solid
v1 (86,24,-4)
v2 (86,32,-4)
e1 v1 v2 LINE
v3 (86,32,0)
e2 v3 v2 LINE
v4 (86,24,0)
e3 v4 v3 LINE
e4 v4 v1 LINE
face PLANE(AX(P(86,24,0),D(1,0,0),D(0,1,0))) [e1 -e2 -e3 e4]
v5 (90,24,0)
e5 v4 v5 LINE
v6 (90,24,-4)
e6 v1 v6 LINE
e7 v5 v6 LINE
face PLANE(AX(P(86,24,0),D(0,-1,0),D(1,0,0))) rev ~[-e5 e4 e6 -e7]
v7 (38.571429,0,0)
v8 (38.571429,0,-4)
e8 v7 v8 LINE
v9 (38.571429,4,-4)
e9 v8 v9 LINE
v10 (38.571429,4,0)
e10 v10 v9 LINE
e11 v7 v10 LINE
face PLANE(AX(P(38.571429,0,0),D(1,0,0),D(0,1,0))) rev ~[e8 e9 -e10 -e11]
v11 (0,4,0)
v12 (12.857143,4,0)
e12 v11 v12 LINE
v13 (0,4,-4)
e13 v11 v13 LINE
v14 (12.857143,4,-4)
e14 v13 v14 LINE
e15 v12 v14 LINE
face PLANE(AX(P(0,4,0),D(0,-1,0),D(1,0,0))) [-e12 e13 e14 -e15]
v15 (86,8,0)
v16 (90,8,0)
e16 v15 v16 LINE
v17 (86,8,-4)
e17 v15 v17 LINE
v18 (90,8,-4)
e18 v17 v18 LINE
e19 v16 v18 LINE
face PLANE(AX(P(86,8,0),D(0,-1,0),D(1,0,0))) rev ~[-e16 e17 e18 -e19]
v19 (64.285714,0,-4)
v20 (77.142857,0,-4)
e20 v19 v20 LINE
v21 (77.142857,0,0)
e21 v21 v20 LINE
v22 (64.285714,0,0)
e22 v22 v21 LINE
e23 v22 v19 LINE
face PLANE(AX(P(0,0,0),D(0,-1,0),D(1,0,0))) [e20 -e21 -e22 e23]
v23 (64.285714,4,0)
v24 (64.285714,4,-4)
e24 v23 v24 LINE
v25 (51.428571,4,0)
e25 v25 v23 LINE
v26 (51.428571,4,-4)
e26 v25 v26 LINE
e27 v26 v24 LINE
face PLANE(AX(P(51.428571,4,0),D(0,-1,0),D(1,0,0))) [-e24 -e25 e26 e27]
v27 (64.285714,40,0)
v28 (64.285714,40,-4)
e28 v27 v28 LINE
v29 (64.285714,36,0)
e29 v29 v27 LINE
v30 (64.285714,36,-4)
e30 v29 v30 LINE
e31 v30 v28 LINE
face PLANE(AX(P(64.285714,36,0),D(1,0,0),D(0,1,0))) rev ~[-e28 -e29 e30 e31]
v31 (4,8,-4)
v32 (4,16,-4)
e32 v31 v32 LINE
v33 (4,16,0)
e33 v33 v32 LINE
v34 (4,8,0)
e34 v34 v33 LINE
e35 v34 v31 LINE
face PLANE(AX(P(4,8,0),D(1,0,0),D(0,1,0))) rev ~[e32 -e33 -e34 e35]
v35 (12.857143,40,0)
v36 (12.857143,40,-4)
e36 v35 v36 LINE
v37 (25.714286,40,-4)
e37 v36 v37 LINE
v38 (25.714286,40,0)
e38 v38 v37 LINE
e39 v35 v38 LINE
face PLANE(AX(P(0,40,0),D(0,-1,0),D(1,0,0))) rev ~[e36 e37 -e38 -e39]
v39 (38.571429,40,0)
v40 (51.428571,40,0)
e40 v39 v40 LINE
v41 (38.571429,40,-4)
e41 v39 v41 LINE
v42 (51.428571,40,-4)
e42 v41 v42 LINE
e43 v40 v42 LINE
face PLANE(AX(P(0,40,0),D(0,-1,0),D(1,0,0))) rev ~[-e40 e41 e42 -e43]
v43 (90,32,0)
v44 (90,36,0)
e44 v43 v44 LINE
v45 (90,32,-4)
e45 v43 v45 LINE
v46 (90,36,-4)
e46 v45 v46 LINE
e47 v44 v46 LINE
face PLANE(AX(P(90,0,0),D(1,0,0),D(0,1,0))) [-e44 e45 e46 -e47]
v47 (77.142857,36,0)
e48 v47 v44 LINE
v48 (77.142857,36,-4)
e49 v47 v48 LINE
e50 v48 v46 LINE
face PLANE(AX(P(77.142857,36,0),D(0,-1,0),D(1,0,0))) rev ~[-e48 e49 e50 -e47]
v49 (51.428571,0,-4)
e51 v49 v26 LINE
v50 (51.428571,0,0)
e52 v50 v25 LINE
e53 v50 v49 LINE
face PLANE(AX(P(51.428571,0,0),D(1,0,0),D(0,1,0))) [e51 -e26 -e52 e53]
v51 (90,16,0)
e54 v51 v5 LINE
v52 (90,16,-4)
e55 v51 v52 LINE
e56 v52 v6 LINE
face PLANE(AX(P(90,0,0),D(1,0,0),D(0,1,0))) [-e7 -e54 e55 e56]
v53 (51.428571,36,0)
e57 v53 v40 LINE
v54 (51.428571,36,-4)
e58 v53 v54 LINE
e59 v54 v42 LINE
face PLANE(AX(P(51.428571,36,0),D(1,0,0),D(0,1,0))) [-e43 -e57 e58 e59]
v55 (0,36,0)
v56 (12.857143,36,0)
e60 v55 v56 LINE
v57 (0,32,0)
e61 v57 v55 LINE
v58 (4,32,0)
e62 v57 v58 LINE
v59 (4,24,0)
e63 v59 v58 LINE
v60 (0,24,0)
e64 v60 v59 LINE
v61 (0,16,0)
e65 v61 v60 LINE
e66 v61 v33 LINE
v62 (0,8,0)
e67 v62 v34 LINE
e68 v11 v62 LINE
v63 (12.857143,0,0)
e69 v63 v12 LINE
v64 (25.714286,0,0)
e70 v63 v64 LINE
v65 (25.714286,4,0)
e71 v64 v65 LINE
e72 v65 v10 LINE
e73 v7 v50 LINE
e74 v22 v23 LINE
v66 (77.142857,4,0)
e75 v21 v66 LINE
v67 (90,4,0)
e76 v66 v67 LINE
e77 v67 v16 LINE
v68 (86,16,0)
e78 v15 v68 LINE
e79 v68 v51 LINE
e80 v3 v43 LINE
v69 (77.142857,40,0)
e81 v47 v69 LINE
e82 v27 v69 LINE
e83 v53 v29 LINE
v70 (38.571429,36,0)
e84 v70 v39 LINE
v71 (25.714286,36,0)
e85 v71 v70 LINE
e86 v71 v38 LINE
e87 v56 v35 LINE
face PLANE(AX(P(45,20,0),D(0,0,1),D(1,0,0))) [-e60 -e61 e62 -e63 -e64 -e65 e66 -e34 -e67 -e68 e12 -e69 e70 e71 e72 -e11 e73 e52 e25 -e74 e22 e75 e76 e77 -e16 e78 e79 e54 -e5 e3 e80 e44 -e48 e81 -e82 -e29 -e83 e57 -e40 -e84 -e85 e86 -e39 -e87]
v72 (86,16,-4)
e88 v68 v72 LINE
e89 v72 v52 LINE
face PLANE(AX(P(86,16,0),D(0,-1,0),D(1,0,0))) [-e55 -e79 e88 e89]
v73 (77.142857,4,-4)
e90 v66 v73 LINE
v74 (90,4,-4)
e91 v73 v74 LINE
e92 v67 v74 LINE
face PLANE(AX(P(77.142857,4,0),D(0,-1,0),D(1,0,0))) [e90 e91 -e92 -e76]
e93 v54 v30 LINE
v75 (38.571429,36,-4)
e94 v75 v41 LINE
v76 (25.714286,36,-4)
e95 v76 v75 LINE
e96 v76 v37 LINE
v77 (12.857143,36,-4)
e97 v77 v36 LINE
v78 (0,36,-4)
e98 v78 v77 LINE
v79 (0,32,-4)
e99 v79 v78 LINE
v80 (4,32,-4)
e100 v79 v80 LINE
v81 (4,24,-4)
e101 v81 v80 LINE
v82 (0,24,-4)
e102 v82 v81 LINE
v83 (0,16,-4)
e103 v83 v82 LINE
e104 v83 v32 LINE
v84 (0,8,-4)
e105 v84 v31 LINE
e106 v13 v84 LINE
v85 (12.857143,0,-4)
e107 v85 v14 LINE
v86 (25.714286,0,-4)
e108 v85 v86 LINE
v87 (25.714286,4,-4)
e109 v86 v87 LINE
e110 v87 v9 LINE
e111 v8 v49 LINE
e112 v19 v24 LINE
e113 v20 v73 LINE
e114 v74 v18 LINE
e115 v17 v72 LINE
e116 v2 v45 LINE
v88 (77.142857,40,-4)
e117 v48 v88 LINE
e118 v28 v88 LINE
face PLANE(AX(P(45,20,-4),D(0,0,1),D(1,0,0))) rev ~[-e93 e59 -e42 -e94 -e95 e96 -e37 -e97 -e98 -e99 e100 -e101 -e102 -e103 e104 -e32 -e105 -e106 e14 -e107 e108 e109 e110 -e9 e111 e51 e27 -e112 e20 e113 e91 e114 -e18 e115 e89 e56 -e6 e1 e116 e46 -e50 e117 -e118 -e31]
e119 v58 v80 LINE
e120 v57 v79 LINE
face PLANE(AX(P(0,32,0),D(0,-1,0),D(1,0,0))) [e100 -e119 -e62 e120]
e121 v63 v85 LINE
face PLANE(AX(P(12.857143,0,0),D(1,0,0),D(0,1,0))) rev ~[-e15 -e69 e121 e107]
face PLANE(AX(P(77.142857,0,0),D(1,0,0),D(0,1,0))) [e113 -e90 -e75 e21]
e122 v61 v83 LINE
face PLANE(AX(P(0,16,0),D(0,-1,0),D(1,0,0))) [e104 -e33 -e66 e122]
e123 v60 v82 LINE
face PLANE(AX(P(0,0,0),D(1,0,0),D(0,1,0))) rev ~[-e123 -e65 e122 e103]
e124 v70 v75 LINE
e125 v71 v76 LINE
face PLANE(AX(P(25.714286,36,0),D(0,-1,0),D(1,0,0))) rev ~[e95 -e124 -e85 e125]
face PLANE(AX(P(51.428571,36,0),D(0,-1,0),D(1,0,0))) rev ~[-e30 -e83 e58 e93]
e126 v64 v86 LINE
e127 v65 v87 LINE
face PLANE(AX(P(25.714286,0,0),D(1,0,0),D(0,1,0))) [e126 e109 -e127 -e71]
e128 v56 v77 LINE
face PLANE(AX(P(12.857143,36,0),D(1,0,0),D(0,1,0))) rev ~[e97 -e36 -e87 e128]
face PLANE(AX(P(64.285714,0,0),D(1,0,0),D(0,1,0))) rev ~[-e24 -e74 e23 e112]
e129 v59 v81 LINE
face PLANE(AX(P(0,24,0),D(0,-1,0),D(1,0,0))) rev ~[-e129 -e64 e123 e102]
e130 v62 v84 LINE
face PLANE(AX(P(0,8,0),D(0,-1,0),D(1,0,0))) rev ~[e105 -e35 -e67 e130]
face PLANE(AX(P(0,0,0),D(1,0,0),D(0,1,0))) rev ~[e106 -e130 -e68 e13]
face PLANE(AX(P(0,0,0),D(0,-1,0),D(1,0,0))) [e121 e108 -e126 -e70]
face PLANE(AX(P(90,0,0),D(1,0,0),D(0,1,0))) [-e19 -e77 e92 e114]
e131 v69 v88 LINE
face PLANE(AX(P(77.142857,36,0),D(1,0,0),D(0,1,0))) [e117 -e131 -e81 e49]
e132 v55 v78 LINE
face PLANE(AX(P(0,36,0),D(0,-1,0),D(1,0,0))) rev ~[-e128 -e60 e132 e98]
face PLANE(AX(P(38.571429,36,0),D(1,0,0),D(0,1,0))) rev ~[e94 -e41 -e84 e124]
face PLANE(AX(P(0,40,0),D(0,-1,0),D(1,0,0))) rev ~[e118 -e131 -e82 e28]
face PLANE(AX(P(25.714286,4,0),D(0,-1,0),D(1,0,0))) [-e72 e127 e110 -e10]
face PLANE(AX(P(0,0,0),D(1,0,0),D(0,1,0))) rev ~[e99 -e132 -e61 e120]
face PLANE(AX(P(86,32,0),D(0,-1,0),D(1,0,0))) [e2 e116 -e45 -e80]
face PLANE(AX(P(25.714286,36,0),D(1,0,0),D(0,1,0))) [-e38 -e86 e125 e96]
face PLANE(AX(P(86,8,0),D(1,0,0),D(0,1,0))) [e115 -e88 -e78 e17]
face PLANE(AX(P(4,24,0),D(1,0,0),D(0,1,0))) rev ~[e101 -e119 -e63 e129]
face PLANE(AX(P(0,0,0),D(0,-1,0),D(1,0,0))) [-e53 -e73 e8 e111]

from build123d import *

# Parameters (mm, degrees)
BUITENAFMETING_RECHTHOEK_W  = 90
BUITENAFMETING_RECHTHOEK_H  = 40
PLAAT_DEPTH                 = 4
TAND_HOR_W                  = 12.857142857
TAND_HOR_H                  = 4
TAND_BOVEN_DEPTH            = 5
TANDEN_PATROON_BOVEN_COUNT  = 4
TANDEN_PATROON_BOVEN_PITCH  = 25.714285714
TAND_VER_W                  = 4
TAND_VER_H                  = 8
TAND_LINKS_DEPTH            = 5
TANDEN_PATROON_LINKS_COUNT  = 2
TANDEN_PATROON_LINKS_PITCH  = 16
TAND_O_W                    = 12.857142857
TAND_O_H                    = 4
TAND_ONDER_DEPTH            = 5
TANDEN_PATROON_ONDER_COUNT  = 4
TANDEN_PATROON_ONDER_PITCH  = 25.714285714
TAND_R_W                    = 4
TAND_R_H                    = 8
TAND_RECHTS_DEPTH           = 5
TANDEN_PATROON_RECHTS_COUNT = 2
TANDEN_PATROON_RECHTS_PITCH = 16


with BuildPart() as part:
    # Buitenafmeting Rechthoek → Plaat (new body)
    with BuildSketch(Plane.XY):
        with Locations((45, 20)):
            Rectangle(BUITENAFMETING_RECHTHOEK_W, BUITENAFMETING_RECHTHOEK_H)
    extrude(amount=-PLAAT_DEPTH)

    # Tand Hor → Tand Boven (cut, through all)
    with BuildSketch(Plane.XY):
        with Locations((6.428571429, 38)):
            Rectangle(TAND_HOR_W, TAND_HOR_H)
    tand_boven = extrude(amount=-TAND_BOVEN_DEPTH, mode=Mode.SUBTRACT)

    # Tanden Patroon Boven: Tand Boven ×4
    with Locations(*[(i * TANDEN_PATROON_BOVEN_PITCH, 0, 0) for i in range(1, TANDEN_PATROON_BOVEN_COUNT)]):
        add(tand_boven, mode=Mode.SUBTRACT)

    # Tand Ver → Tand Links (cut, through all)
    with BuildSketch(Plane.XY):
        with Locations((2, 28)):
            Rectangle(TAND_VER_W, TAND_VER_H)
    tand_links = extrude(amount=-TAND_LINKS_DEPTH, mode=Mode.SUBTRACT)

    # Tanden Patroon Links: Tand Links ×2
    with Locations(*[(0, -i * TANDEN_PATROON_LINKS_PITCH, 0) for i in range(1, TANDEN_PATROON_LINKS_COUNT)]):
        add(tand_links, mode=Mode.SUBTRACT)

    # Tand O → Tand Onder (cut, through all)
    with BuildSketch(Plane.XY):
        with Locations((6.428571429, 2)):
            Rectangle(TAND_O_W, TAND_O_H)
    tand_onder = extrude(amount=-TAND_ONDER_DEPTH, mode=Mode.SUBTRACT)

    # Tanden Patroon Onder: Tand Onder ×4
    with Locations(*[(i * TANDEN_PATROON_ONDER_PITCH, 0, 0) for i in range(1, TANDEN_PATROON_ONDER_COUNT)]):
        add(tand_onder, mode=Mode.SUBTRACT)

    # Tand R → Tand Rechts (cut, through all)
    with BuildSketch(Plane.XY):
        with Locations((88, 28)):
            Rectangle(TAND_R_W, TAND_R_H)
    tand_rechts = extrude(amount=-TAND_RECHTS_DEPTH, mode=Mode.SUBTRACT)

    # Tanden Patroon Rechts: Tand Rechts ×2
    with Locations(*[(0, -i * TANDEN_PATROON_RECHTS_PITCH, 0) for i in range(1, TANDEN_PATROON_RECHTS_COUNT)]):
        add(tand_rechts, mode=Mode.SUBTRACT)


solid = part.part
